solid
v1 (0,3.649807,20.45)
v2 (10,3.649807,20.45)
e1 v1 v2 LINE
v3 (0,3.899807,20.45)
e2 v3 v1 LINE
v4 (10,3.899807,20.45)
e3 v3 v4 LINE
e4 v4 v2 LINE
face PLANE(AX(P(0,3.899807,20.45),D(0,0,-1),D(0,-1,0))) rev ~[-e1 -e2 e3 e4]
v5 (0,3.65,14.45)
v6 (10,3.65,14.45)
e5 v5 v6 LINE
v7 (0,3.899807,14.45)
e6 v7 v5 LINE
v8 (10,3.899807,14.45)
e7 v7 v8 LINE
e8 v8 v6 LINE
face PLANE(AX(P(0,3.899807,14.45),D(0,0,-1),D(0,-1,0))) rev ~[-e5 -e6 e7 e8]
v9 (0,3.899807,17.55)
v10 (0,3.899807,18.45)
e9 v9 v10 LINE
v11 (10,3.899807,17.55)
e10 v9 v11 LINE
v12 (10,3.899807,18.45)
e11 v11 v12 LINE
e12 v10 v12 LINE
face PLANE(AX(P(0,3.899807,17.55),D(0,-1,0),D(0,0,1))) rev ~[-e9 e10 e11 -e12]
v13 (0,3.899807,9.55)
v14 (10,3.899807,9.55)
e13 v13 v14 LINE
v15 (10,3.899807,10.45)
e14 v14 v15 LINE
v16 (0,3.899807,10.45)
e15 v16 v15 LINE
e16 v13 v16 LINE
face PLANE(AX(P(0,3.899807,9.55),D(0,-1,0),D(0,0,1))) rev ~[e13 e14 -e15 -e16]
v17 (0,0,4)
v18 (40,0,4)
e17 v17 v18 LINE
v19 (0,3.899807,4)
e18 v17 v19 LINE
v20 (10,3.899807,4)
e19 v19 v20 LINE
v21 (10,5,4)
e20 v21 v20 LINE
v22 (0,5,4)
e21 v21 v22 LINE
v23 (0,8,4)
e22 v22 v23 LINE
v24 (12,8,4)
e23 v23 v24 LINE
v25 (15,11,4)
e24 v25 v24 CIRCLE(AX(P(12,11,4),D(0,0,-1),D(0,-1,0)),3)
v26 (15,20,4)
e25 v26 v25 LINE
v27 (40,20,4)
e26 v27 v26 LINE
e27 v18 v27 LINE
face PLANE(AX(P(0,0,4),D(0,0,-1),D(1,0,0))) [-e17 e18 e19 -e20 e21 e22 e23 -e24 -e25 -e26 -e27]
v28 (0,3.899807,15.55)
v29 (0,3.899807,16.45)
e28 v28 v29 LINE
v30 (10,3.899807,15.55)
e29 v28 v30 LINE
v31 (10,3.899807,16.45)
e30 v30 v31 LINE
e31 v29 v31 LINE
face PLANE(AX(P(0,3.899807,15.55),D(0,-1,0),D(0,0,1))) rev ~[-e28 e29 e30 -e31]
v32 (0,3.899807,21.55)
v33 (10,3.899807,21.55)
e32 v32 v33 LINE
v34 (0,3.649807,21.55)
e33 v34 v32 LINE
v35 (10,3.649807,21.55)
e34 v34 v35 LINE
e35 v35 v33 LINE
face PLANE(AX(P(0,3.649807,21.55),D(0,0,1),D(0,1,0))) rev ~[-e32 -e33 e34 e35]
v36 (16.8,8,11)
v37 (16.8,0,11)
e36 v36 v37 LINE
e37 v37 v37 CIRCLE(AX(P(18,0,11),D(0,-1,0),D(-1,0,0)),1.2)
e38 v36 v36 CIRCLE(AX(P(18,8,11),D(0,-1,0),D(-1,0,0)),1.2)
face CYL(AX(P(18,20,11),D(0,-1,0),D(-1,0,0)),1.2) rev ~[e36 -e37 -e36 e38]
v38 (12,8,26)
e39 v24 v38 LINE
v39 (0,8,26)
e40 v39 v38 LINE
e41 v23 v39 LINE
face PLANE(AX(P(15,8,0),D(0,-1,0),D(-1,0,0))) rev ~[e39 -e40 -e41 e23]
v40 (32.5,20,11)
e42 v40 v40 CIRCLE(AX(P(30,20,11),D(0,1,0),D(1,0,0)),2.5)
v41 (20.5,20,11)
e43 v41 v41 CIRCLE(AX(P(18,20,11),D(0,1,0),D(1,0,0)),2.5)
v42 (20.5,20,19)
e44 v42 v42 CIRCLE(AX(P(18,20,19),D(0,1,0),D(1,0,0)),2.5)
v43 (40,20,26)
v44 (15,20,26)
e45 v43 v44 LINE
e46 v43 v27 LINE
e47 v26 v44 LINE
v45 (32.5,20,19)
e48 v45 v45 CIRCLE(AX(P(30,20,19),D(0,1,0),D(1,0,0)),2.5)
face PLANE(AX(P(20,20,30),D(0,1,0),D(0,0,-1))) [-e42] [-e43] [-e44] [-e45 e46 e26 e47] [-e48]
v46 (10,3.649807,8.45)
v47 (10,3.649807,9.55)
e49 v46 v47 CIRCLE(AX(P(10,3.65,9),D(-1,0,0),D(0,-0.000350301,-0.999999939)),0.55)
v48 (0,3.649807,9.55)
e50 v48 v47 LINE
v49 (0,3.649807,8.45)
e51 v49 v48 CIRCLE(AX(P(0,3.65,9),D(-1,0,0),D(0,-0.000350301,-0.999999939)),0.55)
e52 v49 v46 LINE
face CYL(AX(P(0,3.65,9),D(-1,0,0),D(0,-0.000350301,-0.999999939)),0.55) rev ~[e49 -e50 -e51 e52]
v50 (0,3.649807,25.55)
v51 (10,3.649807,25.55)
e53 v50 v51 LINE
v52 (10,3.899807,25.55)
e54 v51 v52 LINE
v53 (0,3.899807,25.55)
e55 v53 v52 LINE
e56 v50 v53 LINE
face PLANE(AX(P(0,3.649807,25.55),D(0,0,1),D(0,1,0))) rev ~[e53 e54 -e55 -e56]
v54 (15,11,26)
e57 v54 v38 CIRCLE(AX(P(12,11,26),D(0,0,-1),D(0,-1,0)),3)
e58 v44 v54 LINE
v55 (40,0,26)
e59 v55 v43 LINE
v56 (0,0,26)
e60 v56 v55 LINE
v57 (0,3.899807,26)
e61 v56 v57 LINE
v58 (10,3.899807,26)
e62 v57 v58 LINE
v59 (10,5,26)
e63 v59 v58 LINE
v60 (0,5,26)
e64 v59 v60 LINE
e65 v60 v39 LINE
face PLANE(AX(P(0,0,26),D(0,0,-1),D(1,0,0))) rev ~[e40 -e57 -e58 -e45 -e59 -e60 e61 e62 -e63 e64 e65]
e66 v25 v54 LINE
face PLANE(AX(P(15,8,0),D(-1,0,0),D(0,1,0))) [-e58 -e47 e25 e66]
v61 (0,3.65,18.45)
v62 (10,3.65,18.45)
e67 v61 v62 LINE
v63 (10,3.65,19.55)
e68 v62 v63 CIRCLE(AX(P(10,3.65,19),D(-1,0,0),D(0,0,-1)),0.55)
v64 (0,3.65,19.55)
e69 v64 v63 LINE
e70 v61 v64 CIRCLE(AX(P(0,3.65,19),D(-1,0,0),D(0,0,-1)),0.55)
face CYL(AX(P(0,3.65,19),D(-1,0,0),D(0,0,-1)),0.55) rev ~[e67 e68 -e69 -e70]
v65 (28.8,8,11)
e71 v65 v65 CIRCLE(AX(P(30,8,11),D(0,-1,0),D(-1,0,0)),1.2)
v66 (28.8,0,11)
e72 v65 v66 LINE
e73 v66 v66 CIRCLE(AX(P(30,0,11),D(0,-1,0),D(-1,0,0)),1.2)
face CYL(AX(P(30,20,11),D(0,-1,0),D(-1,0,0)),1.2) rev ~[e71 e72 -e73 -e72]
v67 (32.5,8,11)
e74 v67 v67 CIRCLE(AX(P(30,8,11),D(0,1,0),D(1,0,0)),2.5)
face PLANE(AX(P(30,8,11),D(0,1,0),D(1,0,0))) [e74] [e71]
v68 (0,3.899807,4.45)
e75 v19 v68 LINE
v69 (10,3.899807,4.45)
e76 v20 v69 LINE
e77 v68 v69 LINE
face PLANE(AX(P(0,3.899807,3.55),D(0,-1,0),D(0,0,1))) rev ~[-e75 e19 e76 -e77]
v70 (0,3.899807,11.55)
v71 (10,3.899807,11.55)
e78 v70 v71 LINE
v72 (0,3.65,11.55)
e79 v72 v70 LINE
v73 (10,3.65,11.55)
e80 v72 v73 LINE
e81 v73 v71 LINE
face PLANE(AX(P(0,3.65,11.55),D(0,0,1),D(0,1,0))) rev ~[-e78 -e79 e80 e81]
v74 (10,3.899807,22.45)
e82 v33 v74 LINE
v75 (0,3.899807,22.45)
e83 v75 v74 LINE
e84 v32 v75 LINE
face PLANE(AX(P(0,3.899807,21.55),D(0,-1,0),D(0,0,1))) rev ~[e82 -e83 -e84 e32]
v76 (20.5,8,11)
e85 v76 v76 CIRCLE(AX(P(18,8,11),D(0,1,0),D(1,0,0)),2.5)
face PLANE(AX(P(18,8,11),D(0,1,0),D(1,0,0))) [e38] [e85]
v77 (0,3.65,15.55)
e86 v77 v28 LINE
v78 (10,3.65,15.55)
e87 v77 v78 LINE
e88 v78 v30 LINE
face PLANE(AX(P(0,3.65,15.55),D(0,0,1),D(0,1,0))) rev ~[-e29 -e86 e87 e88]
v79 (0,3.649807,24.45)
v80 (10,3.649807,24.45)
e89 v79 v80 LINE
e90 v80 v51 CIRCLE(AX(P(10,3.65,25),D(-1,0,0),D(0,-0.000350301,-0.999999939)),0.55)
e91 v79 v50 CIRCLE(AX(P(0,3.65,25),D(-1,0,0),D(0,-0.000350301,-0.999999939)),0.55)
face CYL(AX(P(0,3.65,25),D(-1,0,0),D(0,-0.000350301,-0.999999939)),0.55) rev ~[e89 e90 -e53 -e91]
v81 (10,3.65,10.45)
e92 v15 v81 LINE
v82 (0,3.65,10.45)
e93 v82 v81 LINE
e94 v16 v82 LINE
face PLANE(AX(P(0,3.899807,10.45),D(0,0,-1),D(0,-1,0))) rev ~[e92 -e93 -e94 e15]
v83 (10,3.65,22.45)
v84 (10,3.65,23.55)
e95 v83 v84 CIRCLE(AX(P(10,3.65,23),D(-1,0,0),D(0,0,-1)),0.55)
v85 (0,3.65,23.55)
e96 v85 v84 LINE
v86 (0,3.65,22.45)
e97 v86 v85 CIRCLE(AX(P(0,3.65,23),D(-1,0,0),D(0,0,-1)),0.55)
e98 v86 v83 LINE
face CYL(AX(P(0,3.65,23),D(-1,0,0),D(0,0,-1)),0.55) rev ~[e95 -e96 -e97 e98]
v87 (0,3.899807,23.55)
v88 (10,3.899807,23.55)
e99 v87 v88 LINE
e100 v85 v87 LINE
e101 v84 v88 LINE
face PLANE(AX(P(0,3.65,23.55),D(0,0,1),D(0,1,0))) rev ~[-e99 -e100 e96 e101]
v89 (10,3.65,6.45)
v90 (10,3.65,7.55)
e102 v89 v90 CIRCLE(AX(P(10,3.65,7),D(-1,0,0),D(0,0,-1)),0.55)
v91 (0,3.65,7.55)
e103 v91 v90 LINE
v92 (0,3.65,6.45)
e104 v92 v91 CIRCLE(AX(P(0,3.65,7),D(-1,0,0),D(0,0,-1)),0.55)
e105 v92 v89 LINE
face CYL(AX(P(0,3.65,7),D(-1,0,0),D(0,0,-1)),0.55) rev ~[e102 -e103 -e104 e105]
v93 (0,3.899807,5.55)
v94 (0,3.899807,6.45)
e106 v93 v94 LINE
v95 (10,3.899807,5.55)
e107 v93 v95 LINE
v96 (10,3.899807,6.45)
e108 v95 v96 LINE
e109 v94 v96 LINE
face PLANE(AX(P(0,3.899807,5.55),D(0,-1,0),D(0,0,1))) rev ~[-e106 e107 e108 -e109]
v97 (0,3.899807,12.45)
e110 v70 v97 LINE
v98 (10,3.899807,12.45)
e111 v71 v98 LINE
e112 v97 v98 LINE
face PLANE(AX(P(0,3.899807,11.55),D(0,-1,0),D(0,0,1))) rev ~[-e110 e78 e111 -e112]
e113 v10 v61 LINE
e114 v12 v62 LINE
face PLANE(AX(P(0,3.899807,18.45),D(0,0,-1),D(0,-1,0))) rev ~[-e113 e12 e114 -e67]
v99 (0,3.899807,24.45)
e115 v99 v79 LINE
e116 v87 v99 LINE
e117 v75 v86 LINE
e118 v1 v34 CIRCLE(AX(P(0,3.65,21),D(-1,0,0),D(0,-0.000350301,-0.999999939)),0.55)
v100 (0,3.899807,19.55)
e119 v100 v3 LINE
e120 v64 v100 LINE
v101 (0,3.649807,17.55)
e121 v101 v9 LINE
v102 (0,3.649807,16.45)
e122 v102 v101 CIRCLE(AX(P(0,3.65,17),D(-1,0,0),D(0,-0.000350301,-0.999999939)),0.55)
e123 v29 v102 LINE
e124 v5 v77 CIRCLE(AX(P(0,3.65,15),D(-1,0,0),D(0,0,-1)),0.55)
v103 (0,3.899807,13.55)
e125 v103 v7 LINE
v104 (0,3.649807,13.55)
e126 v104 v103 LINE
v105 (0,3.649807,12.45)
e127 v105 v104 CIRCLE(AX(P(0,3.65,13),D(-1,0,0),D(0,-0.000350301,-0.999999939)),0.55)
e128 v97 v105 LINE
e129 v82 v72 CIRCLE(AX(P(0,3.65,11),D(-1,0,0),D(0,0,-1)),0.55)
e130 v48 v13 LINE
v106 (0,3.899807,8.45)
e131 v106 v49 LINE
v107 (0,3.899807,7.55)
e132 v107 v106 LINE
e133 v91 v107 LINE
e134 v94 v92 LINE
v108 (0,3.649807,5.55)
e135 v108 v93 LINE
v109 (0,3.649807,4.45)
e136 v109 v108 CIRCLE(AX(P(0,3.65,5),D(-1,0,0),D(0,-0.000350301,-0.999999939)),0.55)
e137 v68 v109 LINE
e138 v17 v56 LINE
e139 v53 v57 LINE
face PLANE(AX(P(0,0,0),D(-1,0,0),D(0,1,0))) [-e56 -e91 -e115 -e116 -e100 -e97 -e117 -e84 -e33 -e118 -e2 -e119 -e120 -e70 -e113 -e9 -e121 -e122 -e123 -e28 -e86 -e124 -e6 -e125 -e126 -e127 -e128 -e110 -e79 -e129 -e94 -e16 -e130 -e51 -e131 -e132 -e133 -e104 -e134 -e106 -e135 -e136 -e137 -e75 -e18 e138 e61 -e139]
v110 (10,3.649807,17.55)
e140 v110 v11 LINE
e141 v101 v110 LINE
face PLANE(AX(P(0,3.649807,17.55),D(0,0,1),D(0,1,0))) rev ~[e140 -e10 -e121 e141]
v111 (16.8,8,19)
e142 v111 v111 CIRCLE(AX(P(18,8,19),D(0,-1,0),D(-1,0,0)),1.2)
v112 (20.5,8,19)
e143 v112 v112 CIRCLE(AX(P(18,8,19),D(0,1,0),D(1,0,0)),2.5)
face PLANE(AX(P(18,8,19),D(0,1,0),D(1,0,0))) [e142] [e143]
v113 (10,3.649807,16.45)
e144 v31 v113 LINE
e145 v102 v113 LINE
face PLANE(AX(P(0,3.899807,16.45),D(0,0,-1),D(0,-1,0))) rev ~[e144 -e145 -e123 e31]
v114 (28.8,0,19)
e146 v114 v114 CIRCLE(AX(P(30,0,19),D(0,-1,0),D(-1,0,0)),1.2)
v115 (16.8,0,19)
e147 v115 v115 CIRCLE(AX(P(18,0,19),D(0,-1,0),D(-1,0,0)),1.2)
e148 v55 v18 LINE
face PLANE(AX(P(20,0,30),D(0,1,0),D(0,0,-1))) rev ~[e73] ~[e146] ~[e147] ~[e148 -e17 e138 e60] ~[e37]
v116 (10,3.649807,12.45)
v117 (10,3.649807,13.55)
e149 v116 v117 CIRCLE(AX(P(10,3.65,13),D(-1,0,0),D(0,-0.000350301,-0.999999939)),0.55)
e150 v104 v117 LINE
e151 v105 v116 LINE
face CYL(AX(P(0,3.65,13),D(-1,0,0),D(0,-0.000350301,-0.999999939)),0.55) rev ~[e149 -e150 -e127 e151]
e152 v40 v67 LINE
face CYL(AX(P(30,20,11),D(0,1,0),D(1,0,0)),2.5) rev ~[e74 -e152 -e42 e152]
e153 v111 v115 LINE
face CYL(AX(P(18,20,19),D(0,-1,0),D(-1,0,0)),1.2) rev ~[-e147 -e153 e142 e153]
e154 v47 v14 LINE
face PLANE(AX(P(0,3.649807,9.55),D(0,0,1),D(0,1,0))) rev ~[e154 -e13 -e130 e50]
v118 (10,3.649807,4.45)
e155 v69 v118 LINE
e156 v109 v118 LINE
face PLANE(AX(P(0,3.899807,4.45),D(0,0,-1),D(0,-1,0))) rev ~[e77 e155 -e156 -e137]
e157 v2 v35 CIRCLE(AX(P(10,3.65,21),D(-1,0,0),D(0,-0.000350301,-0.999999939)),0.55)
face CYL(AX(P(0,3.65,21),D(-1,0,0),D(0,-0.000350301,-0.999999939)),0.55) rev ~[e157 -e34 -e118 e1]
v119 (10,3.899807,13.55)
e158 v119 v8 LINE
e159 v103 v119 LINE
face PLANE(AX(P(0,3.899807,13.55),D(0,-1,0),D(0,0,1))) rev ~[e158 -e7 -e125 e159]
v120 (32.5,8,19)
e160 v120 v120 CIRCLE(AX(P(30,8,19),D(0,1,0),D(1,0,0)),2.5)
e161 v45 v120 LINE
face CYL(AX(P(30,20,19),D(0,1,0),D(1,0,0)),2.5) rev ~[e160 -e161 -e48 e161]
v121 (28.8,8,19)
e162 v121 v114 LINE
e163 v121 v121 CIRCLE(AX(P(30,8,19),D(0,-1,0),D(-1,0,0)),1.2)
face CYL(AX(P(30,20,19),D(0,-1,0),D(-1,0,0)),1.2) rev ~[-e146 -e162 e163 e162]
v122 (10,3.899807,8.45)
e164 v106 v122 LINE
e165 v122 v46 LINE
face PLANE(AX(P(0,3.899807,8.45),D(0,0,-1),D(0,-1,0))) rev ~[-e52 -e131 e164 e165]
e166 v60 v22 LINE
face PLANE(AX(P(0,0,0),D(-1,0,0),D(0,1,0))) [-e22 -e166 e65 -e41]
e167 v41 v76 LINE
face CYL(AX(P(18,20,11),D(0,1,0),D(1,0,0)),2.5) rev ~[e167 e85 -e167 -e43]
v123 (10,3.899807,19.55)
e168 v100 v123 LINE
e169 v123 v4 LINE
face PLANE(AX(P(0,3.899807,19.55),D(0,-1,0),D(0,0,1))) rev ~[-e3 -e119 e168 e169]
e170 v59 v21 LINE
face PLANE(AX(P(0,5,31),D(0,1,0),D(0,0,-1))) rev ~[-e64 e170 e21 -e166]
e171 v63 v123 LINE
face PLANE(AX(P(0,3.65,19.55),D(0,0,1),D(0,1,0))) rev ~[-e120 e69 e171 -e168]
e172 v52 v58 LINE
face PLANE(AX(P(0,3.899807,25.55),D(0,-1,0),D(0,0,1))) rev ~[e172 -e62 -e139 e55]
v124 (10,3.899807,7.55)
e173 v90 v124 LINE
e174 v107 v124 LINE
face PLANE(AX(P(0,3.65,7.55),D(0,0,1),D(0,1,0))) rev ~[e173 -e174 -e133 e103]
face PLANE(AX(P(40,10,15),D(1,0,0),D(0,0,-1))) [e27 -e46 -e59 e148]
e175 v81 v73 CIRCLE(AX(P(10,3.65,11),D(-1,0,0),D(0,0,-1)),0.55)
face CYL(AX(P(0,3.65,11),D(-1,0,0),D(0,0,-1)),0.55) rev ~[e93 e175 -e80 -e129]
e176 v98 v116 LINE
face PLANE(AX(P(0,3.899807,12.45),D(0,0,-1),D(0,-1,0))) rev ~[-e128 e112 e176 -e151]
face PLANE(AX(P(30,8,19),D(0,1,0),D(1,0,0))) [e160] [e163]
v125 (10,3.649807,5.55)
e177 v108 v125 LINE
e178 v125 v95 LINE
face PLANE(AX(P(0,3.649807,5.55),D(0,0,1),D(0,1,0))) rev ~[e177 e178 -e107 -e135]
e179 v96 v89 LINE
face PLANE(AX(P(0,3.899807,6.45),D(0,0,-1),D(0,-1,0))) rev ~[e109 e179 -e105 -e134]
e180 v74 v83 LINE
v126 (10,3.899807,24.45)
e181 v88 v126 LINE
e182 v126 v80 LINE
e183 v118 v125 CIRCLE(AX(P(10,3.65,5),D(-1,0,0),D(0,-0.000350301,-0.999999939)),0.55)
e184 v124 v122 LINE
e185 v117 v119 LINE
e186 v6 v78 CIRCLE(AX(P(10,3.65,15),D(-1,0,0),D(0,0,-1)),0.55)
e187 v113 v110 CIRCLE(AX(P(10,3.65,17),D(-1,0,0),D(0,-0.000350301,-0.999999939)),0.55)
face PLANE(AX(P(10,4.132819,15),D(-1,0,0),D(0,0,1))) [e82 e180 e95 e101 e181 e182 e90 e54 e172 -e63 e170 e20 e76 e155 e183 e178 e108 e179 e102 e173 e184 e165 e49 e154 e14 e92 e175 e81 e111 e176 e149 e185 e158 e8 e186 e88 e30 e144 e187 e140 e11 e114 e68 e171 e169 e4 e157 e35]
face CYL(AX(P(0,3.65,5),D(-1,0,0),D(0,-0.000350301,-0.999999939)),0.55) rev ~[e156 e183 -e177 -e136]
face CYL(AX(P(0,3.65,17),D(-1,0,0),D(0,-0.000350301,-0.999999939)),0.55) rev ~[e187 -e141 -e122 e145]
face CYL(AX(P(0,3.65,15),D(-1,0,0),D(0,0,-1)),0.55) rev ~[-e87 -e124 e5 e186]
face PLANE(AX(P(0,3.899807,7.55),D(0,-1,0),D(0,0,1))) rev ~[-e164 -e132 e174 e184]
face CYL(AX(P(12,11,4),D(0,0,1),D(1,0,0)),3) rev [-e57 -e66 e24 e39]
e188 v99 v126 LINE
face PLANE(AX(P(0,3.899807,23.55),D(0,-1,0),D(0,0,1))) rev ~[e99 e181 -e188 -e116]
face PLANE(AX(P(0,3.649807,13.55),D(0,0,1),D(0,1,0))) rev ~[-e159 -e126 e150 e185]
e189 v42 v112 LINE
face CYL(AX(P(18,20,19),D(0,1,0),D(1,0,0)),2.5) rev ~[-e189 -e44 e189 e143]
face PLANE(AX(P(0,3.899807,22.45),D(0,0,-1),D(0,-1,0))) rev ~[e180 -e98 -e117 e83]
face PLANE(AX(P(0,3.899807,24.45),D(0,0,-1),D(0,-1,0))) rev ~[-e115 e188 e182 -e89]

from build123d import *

# Parameters (mm, degrees)
SKETCH_1_W                   = 20
SKETCH_1_H                   = 30
EXTRUDE_1_DEPTH              = 30
CUT_EXTRUDE_1_DEPTH          = 10
SKETCH_15_W                  = 20
SKETCH_15_H                  = 30
CUT_EXTRUDE_6_DEPTH          = 10
SKETCH_16_W                  = 30
SKETCH_16_H                  = 20
EXTRUDE_5_DEPTH              = 20
HOLE_WIZARD_M2_2_D           = 2.4
HOLE_WIZARD_M2_2_CSINK_D     = 2.45
HOLE_WIZARD_M2_2_CSINK_ANGLE = 90
SKETCH_20_R                  = 2.5
CUT_EXTRUDE_7_DEPTH          = 12
SKETCH_21_W                  = 15
SKETCH_21_H                  = 12
CUT_EXTRUDE_8_DEPTH          = 31
SKETCH_22_W                  = 40
SKETCH_22_H                  = 4
CUT_EXTRUDE_9_DEPTH          = 21
FILLET_1_R                   = 3


with BuildPart() as part:
    # 草图1 → 凸台-拉伸1 (new body)
    with BuildSketch(Plane.XY):
        with Locations((10, 15)):
            Rectangle(SKETCH_1_W, SKETCH_1_H)
    extrude(amount=EXTRUDE_1_DEPTH)

    # 草图3 → 切除-拉伸1 (cut)
    with BuildSketch(Plane.ZY):
        with BuildLine():
            Line((11.550000034, 3.65), (11.550000034, 3.899807334))
            Line((11.550000034, 3.899807334), (12.450000034, 3.899807334))
            Line((12.450000034, 3.899807334), (12.450000034, 3.649807334))
            ThreePointArc((12.450000034, 3.649807334), (13, 3.1), (13.549999966, 3.649807334))
            Line((13.549999966, 3.649807334), (13.549999966, 3.899807334))
            Line((13.549999966, 3.899807334), (14.449999966, 3.899807334))
            Line((14.449999966, 3.899807334), (14.449999966, 3.65))
            ThreePointArc((14.449999966, 3.65), (15, 3.099999966), (15.550000034, 3.65))
            Line((15.550000034, 3.65), (15.550000034, 3.899807334))
            Line((15.550000034, 3.899807334), (16.450000034, 3.899807334))
            Line((16.450000034, 3.899807334), (16.450000034, 3.649807334))
            ThreePointArc((16.450000034, 3.649807334), (17, 3.1), (17.549999966, 3.649807334))
            Line((17.549999966, 3.649807334), (17.549999966, 3.899807334))
            Line((17.549999966, 3.899807334), (18.449999966, 3.899807334))
            Line((18.449999966, 3.899807334), (18.449999966, 3.65))
            ThreePointArc((18.449999966, 3.65), (19, 3.099999966), (19.550000034, 3.65))
            Line((19.550000034, 3.65), (19.550000034, 3.899807334))
            Line((19.550000034, 3.899807334), (20.450000034, 3.899807334))
            Line((20.450000034, 3.899807334), (20.450000034, 3.649807334))
            ThreePointArc((20.450000034, 3.649807334), (21, 3.1), (21.549999966, 3.649807334))
            Line((21.549999966, 3.649807334), (21.549999966, 3.899807334))
            Line((21.549999966, 3.899807334), (22.449999966, 3.899807334))
            Line((22.449999966, 3.899807334), (22.449999966, 3.65))
            ThreePointArc((22.449999966, 3.65), (23, 3.099999966), (23.550000034, 3.65))
            Line((23.550000034, 3.65), (23.550000034, 3.899807334))
            Line((23.550000034, 3.899807334), (24.450000034, 3.899807334))
            Line((24.450000034, 3.899807334), (24.450000034, 3.649807334))
            ThreePointArc((24.450000034, 3.649807334), (25, 3.1), (25.549999966, 3.649807334))
            Line((25.549999966, 3.649807334), (25.549999966, 3.899807334))
            Line((25.549999966, 3.899807334), (26.449999966, 3.899807334))
            Line((26.449999966, 3.899807334), (26.449999966, 3.65))
            ThreePointArc((26.449999966, 3.65), (27, 3.099999966), (27.550000034, 3.65))
            Line((27.550000034, 3.65), (27.550000034, 3.899807334))
            Line((27.550000034, 3.899807334), (28.450000034, 3.899807334))
            Line((28.450000034, 3.899807334), (28.450000034, 3.649807334))
            ThreePointArc((28.450000034, 3.649807334), (29, 3.1), (29.549999966, 3.649807334))
            Line((29.549999966, 3.649807334), (29.549999966, 3.899807334))
            Line((29.549999966, 3.899807334), (30.449999966, 3.899807334))
            Line((30.449999966, 3.899807334), (30.449999966, 3.65))
            ThreePointArc((30.449999966, 3.65), (30.61109127, 3.26109127), (31, 3.1))
            Line((31, 3.1), (31, 5))
            Line((31, 5), (15, 5))
            Line((15, 5), (-1, 5))
            Line((-1, 5), (-1, 3.1))
            ThreePointArc((-1, 3.1), (-0.61109127, 3.26109127), (-0.449999966, 3.65))
            Line((-0.449999966, 3.65), (-0.449999966, 3.899807334))
            Line((-0.449999966, 3.899807334), (0.450000034, 3.899807334))
            Line((0.450000034, 3.899807334), (0.450000034, 3.649807334))
            ThreePointArc((0.450000034, 3.649807334), (1, 3.1), (1.549999966, 3.649807334))
            Line((1.549999966, 3.649807334), (1.549999966, 3.899807334))
            Line((1.549999966, 3.899807334), (2.449999966, 3.899807334))
            Line((2.449999966, 3.899807334), (2.449999966, 3.65))
            ThreePointArc((2.449999966, 3.65), (3, 3.099999966), (3.550000034, 3.65))
            Line((3.550000034, 3.65), (3.550000034, 3.899807334))
            Line((3.550000034, 3.899807334), (4.450000034, 3.899807334))
            Line((4.450000034, 3.899807334), (4.450000034, 3.649807334))
            ThreePointArc((4.450000034, 3.649807334), (5, 3.1), (5.549999966, 3.649807334))
            Line((5.549999966, 3.649807334), (5.549999966, 3.899807334))
            Line((5.549999966, 3.899807334), (6.449999966, 3.899807334))
            Line((6.449999966, 3.899807334), (6.449999966, 3.65))
            ThreePointArc((6.449999966, 3.65), (7, 3.099999966), (7.550000034, 3.65))
            Line((7.550000034, 3.65), (7.550000034, 3.899807334))
            Line((7.550000034, 3.899807334), (8.450000034, 3.899807334))
            Line((8.450000034, 3.899807334), (8.450000034, 3.649807334))
            ThreePointArc((8.450000034, 3.649807334), (9, 3.1), (9.549999966, 3.649807334))
            Line((9.549999966, 3.649807334), (9.549999966, 3.899807334))
            Line((9.549999966, 3.899807334), (10.449999966, 3.899807334))
            Line((10.449999966, 3.899807334), (10.449999966, 3.65))
            ThreePointArc((10.449999966, 3.65), (11, 3.099999966), (11.550000034, 3.65))
        make_face()
    extrude(amount=-CUT_EXTRUDE_1_DEPTH, mode=Mode.SUBTRACT)

    # 草图15 → 切除-拉伸6 (cut)
    with BuildSketch(Plane(origin=(0, 30, 0), x_dir=(1, 0, 0), z_dir=(0, 1, 0))):
        with Locations((10, -15)):
            Rectangle(SKETCH_15_W, SKETCH_15_H)
    extrude(amount=-CUT_EXTRUDE_6_DEPTH, mode=Mode.SUBTRACT)

    # 草图16 → 凸台-拉伸5 (add)
    with BuildSketch(Plane(origin=(20, 0, 0), x_dir=(0, 0, -1), z_dir=(1, 0, 0))):
        with Locations((-15, 10)):
            Rectangle(SKETCH_16_W, SKETCH_16_H)
    extrude(amount=EXTRUDE_5_DEPTH)

    # M2 间隙孔2 (through all)
    with Locations(Plane(origin=(0, 20, 0), x_dir=(1, 0, 0), z_dir=(0, 1, 0))):
        with Locations((18, -19), (18, -11), (30, -11), (30, -19)):
            CounterSinkHole(HOLE_WIZARD_M2_2_D / 2, HOLE_WIZARD_M2_2_CSINK_D / 2, counter_sink_angle=HOLE_WIZARD_M2_2_CSINK_ANGLE)

    # 草图20 → 切除-拉伸7 (cut)
    with BuildSketch(Plane(origin=(0, 20, 0), x_dir=(1, 0, 0), z_dir=(0, 1, 0))):
        with Locations((18, -11)):
            Circle(SKETCH_20_R)
        with Locations((30, -11)):
            Circle(SKETCH_20_R)
        with Locations((30, -19)):
            Circle(SKETCH_20_R)
        with Locations((18, -19)):
            Circle(SKETCH_20_R)
    extrude(amount=-CUT_EXTRUDE_7_DEPTH, mode=Mode.SUBTRACT)

    # 草图21 → 切除-拉伸8 (cut, through all)
    with BuildSketch(Plane(origin=(0, 0, 0), x_dir=(-1, 0, 0), z_dir=(0, 0, -1))):
        with Locations((-7.5, 14)):
            Rectangle(SKETCH_21_W, SKETCH_21_H)
    extrude(amount=-CUT_EXTRUDE_8_DEPTH, mode=Mode.SUBTRACT)

    # 草图22 → 切除-拉伸9 (cut, through all)
    with BuildSketch(Plane.XZ):
        with Locations((20, 28)):
            Rectangle(SKETCH_22_W, SKETCH_22_H)
        with Locations((20, 2)):
            Rectangle(SKETCH_22_W, SKETCH_22_H)
    extrude(amount=-CUT_EXTRUDE_9_DEPTH, mode=Mode.SUBTRACT)

    # 圆角1
    fillet_1_edges = [part.edges().sort_by_distance(p)[0] for p in [
        (15, 8, 15),
    ]]
    fillet(fillet_1_edges, radius=FILLET_1_R)


solid = part.part
